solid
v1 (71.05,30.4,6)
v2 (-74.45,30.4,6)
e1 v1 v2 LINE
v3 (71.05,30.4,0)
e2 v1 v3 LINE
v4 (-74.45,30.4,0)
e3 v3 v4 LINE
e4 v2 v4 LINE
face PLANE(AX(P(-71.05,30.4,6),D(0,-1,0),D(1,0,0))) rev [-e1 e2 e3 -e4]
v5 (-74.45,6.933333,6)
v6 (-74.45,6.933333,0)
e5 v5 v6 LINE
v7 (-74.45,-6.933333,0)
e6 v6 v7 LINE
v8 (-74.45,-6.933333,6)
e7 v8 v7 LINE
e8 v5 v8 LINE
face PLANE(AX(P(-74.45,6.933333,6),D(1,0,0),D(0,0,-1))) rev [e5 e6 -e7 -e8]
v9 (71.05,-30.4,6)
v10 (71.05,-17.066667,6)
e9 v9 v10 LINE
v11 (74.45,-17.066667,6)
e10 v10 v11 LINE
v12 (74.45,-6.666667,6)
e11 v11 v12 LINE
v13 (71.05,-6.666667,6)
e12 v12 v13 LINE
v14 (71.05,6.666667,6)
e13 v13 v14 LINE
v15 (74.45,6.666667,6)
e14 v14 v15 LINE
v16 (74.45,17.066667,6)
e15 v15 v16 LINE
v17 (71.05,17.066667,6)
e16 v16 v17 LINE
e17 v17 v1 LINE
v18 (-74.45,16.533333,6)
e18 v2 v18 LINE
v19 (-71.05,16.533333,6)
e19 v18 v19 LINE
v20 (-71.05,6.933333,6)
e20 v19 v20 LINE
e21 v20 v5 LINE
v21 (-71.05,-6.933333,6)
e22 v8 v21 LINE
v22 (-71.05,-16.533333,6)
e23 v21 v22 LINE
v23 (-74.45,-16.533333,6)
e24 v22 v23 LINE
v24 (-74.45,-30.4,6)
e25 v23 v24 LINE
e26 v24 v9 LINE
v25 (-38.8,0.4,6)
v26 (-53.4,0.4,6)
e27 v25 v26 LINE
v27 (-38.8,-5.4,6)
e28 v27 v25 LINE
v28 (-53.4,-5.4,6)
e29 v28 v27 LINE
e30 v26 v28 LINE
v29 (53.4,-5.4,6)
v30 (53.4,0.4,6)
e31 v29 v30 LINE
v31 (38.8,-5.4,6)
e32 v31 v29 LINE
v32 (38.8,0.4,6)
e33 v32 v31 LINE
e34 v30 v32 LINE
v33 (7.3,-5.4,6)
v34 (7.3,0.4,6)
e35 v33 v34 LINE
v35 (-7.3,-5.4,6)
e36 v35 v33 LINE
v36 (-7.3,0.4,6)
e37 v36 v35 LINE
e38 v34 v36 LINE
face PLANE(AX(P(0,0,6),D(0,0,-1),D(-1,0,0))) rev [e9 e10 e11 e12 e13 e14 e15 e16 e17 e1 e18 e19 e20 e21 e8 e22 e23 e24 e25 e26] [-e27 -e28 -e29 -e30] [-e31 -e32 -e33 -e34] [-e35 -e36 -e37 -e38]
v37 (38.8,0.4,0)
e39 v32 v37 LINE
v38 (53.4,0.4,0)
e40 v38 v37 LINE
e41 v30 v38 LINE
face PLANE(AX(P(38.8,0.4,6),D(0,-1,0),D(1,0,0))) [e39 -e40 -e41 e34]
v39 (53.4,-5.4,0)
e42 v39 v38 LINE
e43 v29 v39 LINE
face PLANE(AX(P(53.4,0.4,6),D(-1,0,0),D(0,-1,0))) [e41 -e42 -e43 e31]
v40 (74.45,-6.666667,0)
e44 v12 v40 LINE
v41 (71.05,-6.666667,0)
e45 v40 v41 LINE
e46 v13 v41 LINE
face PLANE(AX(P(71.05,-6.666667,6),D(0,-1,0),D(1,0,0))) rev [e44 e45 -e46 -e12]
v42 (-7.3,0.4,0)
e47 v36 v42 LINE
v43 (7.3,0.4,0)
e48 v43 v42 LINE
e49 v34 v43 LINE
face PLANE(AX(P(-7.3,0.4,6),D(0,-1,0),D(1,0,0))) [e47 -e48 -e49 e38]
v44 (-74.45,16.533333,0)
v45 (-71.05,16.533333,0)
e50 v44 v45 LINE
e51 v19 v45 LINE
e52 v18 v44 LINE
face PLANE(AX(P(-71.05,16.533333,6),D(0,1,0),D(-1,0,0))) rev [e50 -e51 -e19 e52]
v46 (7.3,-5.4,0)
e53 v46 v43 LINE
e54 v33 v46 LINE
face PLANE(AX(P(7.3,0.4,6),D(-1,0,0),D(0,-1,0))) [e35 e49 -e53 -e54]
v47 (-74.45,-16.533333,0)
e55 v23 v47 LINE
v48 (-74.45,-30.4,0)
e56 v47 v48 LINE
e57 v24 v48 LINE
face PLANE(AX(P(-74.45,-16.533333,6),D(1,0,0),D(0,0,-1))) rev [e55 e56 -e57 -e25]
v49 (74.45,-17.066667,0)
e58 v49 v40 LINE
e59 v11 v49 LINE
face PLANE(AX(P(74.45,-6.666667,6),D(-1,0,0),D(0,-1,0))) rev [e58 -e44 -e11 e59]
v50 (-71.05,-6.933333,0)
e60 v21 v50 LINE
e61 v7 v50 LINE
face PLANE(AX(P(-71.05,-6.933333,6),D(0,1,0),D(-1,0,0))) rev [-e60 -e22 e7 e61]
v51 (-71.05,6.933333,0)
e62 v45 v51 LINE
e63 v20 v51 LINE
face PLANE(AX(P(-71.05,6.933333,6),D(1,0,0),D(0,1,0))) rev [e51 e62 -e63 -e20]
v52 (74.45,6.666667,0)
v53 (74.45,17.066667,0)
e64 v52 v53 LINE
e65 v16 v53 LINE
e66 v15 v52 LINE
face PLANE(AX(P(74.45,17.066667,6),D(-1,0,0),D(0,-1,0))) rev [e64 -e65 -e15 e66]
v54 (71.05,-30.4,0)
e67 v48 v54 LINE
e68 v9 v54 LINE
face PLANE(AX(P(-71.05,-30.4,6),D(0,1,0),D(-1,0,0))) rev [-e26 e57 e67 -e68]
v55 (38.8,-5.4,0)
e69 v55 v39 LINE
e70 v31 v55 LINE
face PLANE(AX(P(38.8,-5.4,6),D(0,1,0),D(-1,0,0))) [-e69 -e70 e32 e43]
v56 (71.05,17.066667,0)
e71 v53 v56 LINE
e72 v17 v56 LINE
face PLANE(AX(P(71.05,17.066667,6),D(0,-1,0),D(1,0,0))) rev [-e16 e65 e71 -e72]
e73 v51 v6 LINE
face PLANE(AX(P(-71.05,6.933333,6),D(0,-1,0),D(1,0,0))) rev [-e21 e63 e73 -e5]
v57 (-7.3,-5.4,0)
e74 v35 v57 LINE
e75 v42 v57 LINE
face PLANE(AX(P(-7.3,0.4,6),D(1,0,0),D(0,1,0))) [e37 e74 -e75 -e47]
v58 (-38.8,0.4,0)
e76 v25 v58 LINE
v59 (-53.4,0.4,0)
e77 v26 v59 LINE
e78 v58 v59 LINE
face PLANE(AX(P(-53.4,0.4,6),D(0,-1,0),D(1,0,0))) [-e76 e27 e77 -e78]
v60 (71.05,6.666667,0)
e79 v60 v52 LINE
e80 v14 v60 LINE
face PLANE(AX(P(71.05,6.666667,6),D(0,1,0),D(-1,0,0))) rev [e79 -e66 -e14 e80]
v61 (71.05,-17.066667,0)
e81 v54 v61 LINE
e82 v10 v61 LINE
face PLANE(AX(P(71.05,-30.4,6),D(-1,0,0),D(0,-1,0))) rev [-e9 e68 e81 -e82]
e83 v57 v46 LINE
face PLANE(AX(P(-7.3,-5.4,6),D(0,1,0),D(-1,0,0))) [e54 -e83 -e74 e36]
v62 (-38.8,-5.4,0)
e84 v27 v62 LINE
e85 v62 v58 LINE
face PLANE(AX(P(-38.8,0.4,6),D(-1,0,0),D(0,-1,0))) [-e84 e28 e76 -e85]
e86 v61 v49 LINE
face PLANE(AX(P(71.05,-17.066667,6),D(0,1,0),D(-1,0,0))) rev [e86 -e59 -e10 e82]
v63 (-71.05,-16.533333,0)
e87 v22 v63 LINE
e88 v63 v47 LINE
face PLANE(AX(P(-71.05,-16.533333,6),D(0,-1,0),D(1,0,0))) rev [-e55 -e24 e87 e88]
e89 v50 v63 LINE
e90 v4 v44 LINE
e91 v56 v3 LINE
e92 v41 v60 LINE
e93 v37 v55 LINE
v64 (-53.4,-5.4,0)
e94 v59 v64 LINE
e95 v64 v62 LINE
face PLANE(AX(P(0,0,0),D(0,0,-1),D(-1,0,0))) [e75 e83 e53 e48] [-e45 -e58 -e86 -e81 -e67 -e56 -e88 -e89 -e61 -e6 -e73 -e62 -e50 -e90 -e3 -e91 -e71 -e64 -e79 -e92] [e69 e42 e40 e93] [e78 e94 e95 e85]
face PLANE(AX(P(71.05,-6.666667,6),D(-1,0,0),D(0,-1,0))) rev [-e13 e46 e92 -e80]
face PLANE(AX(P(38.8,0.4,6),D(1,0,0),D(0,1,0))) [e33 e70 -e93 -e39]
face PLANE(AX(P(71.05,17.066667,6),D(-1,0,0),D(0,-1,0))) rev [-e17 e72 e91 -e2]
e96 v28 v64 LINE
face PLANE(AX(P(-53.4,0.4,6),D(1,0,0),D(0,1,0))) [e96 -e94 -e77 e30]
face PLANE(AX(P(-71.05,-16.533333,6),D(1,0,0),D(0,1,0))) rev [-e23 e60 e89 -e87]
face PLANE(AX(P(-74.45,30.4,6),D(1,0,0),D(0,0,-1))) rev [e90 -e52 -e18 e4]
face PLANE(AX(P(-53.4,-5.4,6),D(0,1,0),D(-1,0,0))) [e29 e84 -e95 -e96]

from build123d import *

# Parameters (mm, degrees)
SKETCH_1_W      = 14.6
SKETCH_1_H      = 5.8
EXTRUDE_1_DEPTH = 6


with BuildPart() as part:
    # Эскиз1 → Бобышка-Вытянуть1 (new body)
    with BuildSketch(Plane.XY):
        Polygon((-71.05, -30.4), (71.05, -30.4), (71.05, -17.066666667), (74.45, -17.066666667), (74.45, -6.666666667), (71.05, -6.666666667), (71.05, 6.666666667), (74.45, 6.666666667), (74.45, 17.066666667), (71.05, 17.066666667), (71.05, 30.4), (-71.05, 30.4), (-74.45, 30.4), (-74.45, 16.533333333), (-71.05, 16.533333333), (-71.05, 6.933333333), (-74.45, 6.933333333), (-74.45, -6.933333333), (-71.05, -6.933333333), (-71.05, -16.533333333), (-74.45, -16.533333333), (-74.45, -30.4), align=None)
        with Locations((0, -2.5)):
            Rectangle(SKETCH_1_W, SKETCH_1_H, mode=Mode.SUBTRACT)
        with Locations((-46.1, -2.5)):
            Rectangle(SKETCH_1_W, SKETCH_1_H, mode=Mode.SUBTRACT)
        with Locations((46.1, -2.5)):
            Rectangle(SKETCH_1_W, SKETCH_1_H, mode=Mode.SUBTRACT)
    extrude(amount=EXTRUDE_1_DEPTH)


solid = part.part
